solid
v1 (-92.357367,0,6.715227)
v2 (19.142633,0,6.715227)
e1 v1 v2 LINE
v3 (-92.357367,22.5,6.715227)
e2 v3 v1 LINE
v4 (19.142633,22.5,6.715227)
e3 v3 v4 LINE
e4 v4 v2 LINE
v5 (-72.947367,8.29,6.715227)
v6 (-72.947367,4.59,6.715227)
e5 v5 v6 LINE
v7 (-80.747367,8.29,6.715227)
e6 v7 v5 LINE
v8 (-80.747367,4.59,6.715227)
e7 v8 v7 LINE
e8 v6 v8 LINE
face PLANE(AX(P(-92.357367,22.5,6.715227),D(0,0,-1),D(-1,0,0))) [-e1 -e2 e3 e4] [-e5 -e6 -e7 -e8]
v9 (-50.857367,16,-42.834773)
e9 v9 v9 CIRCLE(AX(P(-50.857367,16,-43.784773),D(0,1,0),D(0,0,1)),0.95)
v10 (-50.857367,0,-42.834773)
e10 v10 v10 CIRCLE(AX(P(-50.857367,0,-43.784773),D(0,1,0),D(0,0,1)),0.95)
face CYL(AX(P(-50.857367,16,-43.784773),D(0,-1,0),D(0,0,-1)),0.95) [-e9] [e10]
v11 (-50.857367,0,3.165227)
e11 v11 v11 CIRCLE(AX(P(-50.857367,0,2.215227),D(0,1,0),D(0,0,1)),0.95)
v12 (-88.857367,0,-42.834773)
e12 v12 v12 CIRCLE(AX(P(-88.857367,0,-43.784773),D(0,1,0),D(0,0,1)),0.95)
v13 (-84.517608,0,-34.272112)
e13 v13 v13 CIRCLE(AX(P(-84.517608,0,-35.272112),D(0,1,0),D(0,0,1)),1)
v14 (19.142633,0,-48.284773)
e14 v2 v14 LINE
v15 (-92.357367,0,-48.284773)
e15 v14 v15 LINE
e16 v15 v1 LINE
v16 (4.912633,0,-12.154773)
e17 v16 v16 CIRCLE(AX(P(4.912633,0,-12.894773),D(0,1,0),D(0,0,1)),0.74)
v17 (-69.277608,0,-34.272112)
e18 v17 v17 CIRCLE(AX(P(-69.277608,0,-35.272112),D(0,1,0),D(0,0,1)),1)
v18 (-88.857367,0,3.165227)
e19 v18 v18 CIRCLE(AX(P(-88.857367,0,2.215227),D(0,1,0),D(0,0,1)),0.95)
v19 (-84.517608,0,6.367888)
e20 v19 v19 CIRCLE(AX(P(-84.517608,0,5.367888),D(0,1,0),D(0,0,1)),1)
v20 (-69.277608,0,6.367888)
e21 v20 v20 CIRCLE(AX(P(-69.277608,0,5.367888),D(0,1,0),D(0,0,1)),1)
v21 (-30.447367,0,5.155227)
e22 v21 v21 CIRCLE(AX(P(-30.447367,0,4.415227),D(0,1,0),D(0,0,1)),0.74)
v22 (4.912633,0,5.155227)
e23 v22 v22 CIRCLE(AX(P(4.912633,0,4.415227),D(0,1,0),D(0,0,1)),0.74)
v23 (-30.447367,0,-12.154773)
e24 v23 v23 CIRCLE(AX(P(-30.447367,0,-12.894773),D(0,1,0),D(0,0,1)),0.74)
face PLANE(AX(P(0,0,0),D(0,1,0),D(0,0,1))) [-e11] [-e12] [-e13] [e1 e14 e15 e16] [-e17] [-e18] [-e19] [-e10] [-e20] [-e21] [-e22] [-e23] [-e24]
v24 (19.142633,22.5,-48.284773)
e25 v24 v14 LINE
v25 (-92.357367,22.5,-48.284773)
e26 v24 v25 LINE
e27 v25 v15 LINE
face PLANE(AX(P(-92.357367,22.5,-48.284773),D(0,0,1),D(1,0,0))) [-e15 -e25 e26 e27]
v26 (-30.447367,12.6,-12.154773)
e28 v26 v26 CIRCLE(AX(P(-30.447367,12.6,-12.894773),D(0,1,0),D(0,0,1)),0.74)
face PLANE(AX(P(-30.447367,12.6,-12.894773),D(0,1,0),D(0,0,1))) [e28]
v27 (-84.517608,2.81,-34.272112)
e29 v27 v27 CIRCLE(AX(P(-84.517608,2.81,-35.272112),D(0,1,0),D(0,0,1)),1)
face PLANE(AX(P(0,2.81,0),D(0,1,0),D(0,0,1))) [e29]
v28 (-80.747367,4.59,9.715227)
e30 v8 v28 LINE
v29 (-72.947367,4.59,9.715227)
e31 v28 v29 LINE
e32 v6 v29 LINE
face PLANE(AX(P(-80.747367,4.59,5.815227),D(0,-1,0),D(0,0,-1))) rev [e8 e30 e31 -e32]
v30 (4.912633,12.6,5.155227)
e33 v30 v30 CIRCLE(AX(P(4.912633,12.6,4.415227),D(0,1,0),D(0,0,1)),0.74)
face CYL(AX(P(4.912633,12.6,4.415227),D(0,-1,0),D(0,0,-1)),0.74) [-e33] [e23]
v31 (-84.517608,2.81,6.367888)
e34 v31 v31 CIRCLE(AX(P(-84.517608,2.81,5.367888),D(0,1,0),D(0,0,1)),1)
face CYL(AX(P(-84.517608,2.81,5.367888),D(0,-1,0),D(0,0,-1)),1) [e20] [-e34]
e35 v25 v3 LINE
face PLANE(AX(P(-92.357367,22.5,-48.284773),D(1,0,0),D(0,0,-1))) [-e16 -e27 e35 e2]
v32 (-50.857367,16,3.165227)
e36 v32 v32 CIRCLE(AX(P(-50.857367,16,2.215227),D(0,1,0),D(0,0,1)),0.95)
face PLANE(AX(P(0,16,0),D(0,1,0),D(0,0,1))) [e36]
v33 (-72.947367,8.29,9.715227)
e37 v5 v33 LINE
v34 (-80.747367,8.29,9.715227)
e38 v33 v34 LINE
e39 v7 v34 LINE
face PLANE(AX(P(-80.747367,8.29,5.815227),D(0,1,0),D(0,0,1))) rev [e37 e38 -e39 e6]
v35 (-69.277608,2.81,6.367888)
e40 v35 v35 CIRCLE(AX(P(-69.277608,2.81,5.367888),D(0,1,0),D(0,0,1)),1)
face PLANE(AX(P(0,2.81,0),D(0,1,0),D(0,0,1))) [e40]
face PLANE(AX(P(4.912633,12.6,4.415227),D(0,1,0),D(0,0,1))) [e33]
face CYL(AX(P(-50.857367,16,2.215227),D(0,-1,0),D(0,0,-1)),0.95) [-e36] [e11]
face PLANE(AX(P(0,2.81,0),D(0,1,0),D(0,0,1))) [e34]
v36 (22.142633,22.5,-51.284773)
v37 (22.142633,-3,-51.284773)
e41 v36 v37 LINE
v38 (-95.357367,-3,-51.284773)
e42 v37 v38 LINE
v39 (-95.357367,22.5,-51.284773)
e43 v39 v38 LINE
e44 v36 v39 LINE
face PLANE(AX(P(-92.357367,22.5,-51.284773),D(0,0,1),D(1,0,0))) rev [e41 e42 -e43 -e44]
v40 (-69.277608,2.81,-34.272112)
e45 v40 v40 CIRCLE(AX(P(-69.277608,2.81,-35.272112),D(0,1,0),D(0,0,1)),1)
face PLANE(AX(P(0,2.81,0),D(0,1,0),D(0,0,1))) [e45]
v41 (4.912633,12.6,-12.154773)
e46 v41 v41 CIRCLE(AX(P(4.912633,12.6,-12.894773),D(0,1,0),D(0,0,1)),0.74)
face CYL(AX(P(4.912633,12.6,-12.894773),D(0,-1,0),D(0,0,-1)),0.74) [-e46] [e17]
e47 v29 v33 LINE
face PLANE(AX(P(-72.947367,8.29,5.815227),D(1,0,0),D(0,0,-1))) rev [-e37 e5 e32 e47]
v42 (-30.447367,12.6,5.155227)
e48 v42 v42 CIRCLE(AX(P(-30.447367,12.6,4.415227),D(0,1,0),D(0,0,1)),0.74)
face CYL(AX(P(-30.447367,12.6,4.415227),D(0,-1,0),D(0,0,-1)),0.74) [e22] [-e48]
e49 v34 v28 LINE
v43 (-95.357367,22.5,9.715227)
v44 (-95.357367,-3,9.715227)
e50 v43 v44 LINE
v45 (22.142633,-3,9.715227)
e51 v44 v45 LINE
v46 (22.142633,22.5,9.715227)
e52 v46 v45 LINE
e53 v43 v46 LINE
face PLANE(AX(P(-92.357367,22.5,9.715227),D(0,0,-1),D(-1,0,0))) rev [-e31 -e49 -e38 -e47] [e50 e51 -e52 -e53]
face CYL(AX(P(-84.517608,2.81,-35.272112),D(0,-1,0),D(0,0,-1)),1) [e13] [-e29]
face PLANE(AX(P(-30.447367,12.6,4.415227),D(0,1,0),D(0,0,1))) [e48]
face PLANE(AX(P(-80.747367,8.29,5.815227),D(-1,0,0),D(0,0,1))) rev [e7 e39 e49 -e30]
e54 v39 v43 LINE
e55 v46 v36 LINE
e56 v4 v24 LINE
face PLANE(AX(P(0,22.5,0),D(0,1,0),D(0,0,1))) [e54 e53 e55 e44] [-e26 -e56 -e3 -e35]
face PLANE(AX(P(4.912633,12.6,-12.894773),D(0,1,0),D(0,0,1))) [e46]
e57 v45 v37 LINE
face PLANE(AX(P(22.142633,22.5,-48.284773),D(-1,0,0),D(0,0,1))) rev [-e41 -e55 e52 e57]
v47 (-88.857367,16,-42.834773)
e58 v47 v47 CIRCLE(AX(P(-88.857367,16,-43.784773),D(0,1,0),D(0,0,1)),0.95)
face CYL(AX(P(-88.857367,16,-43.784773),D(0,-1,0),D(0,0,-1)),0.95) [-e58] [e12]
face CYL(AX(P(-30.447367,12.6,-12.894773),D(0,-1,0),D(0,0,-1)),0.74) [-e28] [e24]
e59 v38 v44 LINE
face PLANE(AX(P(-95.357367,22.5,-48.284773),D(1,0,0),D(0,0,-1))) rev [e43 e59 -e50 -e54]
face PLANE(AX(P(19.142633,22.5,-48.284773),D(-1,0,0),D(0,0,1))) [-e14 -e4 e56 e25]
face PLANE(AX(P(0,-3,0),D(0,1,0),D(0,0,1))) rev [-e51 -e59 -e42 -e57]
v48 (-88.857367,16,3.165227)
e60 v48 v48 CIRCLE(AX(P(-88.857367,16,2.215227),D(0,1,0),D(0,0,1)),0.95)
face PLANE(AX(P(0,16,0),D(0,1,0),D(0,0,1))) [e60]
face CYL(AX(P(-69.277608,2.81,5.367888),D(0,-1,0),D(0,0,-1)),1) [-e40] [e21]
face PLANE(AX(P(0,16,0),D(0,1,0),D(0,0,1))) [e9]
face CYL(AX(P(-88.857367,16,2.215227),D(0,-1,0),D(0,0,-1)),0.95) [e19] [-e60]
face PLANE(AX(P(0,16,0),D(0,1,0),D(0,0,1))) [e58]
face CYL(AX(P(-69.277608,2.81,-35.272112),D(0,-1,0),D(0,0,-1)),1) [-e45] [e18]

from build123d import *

# Parameters (mm, degrees)
ESBO_O_W                 = 111.5
ESBO_O_H                 = 55
RESSALTO_EXTRUS_O1_DEPTH = 22.5
CASCA3_T                 = 3
ESBO_O12_R               = 0.95
RESSALTO_EXTRUS_O2_DEPTH = 16
ESBO_O15_W               = 7.8
ESBO_O15_H               = 3.7
USB_DEPTH                = 3.9
ESBO_O16_R               = 1
RESSALTO_EXTRUS_O4_DEPTH = 2.81
ESBO_O17_R               = 0.74
RESSALTO_EXTRUS_O5_DEPTH = 12.6


with BuildPart() as part:
    # Esboço → Ressalto-extrusão1 (new body)
    with BuildSketch(Plane(origin=(0, 0, 0), x_dir=(1, 0, 0), z_dir=(0, 1, 0))):
        with Locations((-36.607366715, 20.784772609)):
            Rectangle(ESBO_O_W, ESBO_O_H)
    extrude(amount=RESSALTO_EXTRUS_O1_DEPTH)

    # Casca3
    casca3_openings = [part.faces().sort_by_distance(p)[0] for p in [
        (-36.607366715, 22.5, -20.784772609),
    ]]
    offset(amount=CASCA3_T, openings=casca3_openings, kind=Kind.INTERSECTION)

    # Esboço12 → Ressalto-extrusão2 (add)
    with BuildSketch(Plane(origin=(0, 0, 0), x_dir=(1, 0, 0), z_dir=(0, 1, 0))):
        with Locations(Location((-50.857366715, 43.784772609, 0), (0, 0, 270))):
            Circle(ESBO_O12_R)
        with Locations(Location((-88.857366715, 43.784772609, 0), (0, 0, 270))):
            Circle(ESBO_O12_R)
        with Locations(Location((-88.857366715, -2.215227391, 0), (0, 0, 270))):
            Circle(ESBO_O12_R)
        with Locations(Location((-50.857366715, -2.215227391, 0), (0, 0, 270))):
            Circle(ESBO_O12_R)
    extrude(amount=RESSALTO_EXTRUS_O2_DEPTH)

    # Esboço15 → usb (cut)
    with BuildSketch(Plane.XY.offset(9.715227391)):
        with Locations((-76.847366715, 6.44)):
            Rectangle(ESBO_O15_W, ESBO_O15_H)
    extrude(amount=-USB_DEPTH, mode=Mode.SUBTRACT)

    # Esboço16 → Ressalto-extrusão4 (add)
    with BuildSketch(Plane(origin=(0, 0, 0), x_dir=(1, 0, 0), z_dir=(0, 1, 0))):
        with Locations(Location((-84.517607583, 35.272111724, 0), (0, 0, 270))):
            Circle(ESBO_O16_R)
        with Locations(Location((-69.277607583, 35.272111724, 0), (0, 0, 270))):
            Circle(ESBO_O16_R)
        with Locations(Location((-69.277607583, -5.367888276, 0), (0, 0, 270))):
            Circle(ESBO_O16_R)
        with Locations(Location((-84.517607583, -5.367888276, 0), (0, 0, 270))):
            Circle(ESBO_O16_R)
    extrude(amount=RESSALTO_EXTRUS_O4_DEPTH)

    # Esboço17 → Ressalto-extrusão5 (add)
    with BuildSketch(Plane(origin=(0, 0, 0), x_dir=(1, 0, 0), z_dir=(0, 1, 0))):
        with Locations(Location((-30.447366715, 12.894772609, 0), (0, 0, 270))):
            Circle(ESBO_O17_R)
        with Locations(Location((4.912633285, 12.894772609, 0), (0, 0, 270))):
            Circle(ESBO_O17_R)
        with Locations(Location((4.912633285, -4.415227391, 0), (0, 0, 270))):
            Circle(ESBO_O17_R)
        with Locations(Location((-30.447366715, -4.415227391, 0), (0, 0, 270))):
            Circle(ESBO_O17_R)
    extrude(amount=RESSALTO_EXTRUS_O5_DEPTH)


solid = part.part
